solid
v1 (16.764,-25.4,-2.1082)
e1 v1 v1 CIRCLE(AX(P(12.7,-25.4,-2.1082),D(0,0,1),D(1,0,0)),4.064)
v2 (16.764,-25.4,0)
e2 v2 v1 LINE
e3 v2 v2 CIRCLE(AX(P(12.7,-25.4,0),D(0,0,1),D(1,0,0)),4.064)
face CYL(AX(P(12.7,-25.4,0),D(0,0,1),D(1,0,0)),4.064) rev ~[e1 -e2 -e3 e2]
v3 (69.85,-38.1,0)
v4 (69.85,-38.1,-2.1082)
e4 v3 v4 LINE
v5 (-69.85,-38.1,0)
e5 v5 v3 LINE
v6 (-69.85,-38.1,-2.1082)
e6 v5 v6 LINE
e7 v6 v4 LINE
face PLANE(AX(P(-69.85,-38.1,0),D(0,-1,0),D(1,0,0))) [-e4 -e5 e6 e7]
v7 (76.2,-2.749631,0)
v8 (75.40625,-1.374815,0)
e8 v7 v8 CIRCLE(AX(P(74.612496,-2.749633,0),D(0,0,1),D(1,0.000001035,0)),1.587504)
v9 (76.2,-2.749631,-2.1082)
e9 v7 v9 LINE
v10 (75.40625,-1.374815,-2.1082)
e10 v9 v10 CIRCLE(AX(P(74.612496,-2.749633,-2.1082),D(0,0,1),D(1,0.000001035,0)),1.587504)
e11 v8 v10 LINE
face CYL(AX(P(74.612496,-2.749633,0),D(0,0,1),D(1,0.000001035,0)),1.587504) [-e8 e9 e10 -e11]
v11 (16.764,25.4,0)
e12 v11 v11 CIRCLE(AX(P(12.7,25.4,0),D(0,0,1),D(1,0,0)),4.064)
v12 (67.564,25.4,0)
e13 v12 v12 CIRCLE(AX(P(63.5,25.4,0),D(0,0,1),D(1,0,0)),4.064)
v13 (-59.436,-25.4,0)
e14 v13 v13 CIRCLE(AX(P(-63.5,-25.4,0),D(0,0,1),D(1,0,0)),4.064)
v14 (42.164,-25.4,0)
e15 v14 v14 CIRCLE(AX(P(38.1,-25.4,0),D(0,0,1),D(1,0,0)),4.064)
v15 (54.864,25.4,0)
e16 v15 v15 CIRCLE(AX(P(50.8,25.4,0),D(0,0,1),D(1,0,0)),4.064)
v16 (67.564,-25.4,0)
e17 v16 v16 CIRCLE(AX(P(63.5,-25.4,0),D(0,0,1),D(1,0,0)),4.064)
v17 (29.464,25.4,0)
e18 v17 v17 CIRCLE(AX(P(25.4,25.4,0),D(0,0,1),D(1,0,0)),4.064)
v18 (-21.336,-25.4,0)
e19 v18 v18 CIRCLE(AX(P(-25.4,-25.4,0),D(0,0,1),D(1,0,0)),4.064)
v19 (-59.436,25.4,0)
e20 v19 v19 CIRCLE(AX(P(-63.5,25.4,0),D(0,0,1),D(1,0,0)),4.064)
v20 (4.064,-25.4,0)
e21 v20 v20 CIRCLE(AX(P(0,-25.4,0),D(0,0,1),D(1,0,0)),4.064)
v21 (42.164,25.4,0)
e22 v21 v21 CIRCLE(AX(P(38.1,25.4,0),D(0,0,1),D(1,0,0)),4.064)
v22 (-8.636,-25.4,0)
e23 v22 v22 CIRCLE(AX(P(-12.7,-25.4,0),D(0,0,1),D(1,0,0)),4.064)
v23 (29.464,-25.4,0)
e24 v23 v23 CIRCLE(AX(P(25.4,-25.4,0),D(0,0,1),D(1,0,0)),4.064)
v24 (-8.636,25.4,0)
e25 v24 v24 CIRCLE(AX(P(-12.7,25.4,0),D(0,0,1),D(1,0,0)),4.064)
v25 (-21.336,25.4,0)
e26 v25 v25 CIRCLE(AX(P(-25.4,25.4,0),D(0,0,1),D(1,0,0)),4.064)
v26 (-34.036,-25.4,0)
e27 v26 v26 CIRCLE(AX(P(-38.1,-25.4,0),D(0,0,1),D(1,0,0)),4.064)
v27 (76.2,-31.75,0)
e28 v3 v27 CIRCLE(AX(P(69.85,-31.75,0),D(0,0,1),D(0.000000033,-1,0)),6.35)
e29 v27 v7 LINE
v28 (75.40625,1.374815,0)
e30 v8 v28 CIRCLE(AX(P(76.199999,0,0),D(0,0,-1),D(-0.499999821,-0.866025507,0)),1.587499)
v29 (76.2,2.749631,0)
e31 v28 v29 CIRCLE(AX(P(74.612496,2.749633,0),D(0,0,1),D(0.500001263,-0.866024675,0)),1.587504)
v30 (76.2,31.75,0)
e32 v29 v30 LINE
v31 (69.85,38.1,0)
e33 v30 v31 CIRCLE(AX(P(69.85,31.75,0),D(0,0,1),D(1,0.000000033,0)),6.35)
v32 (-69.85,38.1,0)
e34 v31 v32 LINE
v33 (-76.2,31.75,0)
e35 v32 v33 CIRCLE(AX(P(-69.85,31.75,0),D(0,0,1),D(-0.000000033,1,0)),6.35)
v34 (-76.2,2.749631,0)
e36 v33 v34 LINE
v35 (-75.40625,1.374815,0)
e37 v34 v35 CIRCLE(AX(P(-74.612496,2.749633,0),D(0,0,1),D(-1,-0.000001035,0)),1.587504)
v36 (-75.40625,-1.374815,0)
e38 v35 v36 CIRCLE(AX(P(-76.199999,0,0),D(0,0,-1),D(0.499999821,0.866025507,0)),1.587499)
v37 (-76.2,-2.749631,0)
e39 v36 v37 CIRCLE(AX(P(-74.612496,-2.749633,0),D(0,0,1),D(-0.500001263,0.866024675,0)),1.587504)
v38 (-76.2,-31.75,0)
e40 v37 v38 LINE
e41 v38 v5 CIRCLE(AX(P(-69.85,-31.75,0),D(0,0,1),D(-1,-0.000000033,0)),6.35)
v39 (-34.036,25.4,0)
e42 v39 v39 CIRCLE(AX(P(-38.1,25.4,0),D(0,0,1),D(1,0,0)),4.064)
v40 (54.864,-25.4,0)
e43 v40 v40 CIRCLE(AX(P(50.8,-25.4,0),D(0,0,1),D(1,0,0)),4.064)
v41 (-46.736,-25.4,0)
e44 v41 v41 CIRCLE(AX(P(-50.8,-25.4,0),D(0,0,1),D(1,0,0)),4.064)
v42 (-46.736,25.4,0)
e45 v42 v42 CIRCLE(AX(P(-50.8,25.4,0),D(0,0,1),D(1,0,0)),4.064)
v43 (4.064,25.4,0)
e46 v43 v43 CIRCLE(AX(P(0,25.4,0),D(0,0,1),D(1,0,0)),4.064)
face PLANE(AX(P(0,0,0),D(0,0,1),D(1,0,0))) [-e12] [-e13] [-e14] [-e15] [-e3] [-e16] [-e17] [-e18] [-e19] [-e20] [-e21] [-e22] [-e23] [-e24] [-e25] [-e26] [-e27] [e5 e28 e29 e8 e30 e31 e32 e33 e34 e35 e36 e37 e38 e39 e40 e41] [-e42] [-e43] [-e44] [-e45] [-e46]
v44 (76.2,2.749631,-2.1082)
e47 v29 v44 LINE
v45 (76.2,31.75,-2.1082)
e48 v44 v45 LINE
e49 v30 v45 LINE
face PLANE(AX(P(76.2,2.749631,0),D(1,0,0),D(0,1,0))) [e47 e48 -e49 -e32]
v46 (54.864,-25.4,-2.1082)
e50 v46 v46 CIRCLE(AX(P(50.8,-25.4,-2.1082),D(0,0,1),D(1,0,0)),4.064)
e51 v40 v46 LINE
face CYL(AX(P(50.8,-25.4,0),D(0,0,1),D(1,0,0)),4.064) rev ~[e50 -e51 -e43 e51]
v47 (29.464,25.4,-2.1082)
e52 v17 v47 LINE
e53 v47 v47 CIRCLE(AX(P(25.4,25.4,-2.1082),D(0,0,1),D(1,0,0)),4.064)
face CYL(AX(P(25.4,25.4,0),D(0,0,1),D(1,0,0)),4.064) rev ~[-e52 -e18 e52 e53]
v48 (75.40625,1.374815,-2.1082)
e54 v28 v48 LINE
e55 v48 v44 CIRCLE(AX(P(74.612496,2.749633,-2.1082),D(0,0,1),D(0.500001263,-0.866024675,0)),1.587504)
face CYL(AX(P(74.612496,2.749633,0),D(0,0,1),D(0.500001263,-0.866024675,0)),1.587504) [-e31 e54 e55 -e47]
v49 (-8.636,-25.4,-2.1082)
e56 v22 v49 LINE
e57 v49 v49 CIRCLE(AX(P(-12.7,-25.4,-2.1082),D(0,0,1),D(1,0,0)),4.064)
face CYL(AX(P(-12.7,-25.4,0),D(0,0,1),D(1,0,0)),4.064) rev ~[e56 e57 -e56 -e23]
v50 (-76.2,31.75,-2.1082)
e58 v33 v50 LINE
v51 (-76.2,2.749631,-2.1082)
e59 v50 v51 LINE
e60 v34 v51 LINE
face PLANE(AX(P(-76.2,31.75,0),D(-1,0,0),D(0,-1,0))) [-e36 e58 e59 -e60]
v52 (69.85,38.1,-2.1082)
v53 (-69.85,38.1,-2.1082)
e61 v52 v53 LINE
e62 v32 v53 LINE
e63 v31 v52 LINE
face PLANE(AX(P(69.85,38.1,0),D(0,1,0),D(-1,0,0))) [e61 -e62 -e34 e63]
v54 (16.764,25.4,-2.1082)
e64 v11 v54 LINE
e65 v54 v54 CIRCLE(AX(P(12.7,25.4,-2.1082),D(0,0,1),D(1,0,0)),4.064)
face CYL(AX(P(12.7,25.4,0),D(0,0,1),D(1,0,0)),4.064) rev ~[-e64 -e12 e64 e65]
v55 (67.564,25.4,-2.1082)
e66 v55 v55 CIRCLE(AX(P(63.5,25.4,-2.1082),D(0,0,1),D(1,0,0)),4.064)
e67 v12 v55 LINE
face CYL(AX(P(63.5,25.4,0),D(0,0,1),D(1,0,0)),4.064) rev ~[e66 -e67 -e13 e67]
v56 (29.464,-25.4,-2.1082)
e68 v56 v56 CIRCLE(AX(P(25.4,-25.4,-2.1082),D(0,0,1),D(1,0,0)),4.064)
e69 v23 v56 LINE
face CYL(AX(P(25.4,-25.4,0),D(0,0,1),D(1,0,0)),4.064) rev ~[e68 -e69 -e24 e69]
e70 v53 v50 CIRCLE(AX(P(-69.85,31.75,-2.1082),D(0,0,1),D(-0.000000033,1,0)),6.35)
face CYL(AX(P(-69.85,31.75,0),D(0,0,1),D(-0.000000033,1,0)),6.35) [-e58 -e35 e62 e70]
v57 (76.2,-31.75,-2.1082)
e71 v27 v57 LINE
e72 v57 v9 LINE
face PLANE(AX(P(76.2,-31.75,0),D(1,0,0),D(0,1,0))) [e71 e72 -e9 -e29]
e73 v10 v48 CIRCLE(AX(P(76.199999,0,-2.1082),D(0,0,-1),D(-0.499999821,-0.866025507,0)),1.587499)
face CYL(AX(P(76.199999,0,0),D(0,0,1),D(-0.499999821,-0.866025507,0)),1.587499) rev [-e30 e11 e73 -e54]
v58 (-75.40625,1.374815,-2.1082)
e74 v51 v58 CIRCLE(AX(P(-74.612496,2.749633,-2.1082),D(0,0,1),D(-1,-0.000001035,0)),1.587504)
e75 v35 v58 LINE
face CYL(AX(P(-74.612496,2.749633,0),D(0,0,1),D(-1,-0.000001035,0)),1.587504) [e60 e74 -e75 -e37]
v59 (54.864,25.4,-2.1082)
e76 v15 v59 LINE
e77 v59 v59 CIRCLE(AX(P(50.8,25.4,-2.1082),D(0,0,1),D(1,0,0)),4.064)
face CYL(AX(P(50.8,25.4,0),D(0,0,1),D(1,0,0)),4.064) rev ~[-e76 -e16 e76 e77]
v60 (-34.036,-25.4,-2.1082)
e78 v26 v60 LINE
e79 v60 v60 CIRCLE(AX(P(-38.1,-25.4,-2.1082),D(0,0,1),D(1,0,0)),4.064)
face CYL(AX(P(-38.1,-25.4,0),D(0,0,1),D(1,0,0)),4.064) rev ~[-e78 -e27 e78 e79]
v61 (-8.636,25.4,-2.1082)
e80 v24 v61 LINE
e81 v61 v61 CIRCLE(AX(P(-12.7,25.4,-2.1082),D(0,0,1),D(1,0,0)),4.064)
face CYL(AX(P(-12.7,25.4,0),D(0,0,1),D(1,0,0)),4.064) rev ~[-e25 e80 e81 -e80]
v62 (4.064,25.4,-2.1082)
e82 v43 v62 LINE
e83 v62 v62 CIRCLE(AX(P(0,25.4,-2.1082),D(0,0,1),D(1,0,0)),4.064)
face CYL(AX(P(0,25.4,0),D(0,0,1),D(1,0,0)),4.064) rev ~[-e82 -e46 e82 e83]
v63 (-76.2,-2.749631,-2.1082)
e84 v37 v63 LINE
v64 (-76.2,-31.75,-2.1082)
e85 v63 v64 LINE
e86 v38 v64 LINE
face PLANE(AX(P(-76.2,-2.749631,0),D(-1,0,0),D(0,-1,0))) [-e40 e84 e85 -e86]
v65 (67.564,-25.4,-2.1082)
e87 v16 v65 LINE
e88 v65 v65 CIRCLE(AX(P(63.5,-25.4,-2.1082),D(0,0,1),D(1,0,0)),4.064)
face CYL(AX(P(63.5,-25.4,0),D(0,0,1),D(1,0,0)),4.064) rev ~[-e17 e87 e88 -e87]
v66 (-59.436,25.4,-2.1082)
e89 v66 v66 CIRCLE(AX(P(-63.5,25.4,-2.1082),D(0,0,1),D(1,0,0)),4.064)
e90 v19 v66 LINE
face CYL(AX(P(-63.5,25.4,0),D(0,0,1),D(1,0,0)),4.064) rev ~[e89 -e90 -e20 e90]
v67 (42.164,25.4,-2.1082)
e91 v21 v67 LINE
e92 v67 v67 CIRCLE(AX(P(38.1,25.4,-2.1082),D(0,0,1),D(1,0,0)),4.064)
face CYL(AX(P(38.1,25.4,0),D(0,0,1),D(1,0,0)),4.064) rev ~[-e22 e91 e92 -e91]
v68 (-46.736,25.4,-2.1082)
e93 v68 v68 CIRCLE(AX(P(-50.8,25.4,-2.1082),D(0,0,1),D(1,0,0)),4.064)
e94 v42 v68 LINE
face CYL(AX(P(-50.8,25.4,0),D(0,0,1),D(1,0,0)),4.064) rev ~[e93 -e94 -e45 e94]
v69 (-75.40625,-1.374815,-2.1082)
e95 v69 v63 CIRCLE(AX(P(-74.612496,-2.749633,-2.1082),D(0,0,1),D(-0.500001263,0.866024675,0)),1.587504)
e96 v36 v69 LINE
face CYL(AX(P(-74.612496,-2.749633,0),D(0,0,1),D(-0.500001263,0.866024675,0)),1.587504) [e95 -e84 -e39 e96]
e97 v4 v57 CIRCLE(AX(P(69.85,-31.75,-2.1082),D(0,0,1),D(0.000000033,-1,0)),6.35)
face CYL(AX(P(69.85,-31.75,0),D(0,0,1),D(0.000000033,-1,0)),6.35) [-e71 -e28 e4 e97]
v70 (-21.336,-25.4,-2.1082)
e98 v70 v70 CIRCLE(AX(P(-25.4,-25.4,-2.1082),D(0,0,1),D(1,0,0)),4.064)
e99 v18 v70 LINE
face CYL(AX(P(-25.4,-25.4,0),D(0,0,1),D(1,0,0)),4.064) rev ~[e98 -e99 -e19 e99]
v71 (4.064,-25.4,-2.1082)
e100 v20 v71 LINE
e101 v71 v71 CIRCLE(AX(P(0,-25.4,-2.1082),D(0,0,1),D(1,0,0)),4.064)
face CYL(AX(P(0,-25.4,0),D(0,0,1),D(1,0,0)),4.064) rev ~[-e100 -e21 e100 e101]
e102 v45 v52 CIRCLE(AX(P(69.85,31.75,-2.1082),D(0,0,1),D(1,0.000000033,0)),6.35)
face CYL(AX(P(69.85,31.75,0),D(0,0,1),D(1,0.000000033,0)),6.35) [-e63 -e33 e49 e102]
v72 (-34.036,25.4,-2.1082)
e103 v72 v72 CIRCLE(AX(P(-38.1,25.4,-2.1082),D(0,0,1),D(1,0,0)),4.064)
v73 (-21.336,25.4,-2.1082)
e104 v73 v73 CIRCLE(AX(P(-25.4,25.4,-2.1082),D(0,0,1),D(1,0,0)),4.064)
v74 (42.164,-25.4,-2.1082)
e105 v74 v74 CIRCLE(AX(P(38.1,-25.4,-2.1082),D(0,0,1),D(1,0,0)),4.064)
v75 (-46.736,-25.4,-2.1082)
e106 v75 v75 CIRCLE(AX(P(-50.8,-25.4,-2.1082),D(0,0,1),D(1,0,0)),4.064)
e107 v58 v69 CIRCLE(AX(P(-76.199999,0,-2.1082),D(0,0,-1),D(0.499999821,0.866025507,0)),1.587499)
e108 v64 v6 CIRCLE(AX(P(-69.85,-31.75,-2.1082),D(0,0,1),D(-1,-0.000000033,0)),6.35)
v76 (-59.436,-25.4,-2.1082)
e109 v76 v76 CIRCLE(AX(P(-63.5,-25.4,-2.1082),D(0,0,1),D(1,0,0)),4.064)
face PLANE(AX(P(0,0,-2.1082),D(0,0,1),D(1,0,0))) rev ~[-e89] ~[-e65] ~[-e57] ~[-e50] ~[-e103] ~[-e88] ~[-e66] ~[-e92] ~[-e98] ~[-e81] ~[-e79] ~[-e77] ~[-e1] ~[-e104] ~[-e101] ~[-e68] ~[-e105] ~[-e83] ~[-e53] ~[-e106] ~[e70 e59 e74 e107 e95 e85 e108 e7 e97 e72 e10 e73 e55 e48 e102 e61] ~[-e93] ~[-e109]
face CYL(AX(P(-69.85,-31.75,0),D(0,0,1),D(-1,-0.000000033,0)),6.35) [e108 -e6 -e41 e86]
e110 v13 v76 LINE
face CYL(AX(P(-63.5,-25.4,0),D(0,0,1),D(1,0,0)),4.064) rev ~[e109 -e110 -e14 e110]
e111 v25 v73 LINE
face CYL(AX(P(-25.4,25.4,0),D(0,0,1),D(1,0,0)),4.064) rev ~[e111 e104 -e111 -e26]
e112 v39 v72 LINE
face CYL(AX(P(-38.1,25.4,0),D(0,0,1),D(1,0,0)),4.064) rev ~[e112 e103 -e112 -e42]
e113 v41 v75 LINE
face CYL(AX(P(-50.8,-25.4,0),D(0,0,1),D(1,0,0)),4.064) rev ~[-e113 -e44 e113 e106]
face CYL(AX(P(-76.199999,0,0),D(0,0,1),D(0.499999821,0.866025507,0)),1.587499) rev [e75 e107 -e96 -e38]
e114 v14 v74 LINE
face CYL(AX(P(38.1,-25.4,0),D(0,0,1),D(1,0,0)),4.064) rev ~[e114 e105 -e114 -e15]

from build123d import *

# Parameters (mm, degrees)
F0_R     = 4.064
F1_DEPTH = 2.1082


with BuildPart() as f1:
    # F0 (on Top) → F1 (new body)
    with BuildSketch(Plane.XY):
        with BuildLine():
            Line((69.85, 38.1), (-69.85, 38.1))
            ThreePointArc((-69.85, 38.1), (-74.340128, 36.240128), (-76.2, 31.75))
            Line((-76.2, 31.75), (-76.2, 2.749631))
            ThreePointArc((-76.2, 2.749631), (-75.987315, 1.955881), (-75.40625, 1.374815))
            ThreePointArc((-75.40625, 1.374815), (-74.6125, 0), (-75.40625, -1.374815))
            ThreePointArc((-75.40625, -1.374815), (-75.987315, -1.955881), (-76.2, -2.749631))
            Line((-76.2, -2.749631), (-76.2, -31.75))
            ThreePointArc((-76.2, -31.75), (-74.340128, -36.240128), (-69.85, -38.1))
            Line((-69.85, -38.1), (69.85, -38.1))
            ThreePointArc((69.85, -38.1), (74.340128, -36.240128), (76.2, -31.75))
            Line((76.2, -31.75), (76.2, -2.749631))
            ThreePointArc((76.2, -2.749631), (75.987315, -1.955881), (75.40625, -1.374815))
            ThreePointArc((75.40625, -1.374815), (74.6125, 0), (75.40625, 1.374815))
            ThreePointArc((75.40625, 1.374815), (75.987315, 1.955881), (76.2, 2.749631))
            Line((76.2, 2.749631), (76.2, 31.75))
            ThreePointArc((76.2, 31.75), (74.340128, 36.240128), (69.85, 38.1))
        make_face()
        with Locations((-63.5, -25.4)):
            Circle(F0_R, mode=Mode.SUBTRACT)
        with Locations((-50.8, -25.4)):
            Circle(F0_R, mode=Mode.SUBTRACT)
        with Locations((-38.1, -25.4)):
            Circle(F0_R, mode=Mode.SUBTRACT)
        with Locations((-25.4, -25.4)):
            Circle(F0_R, mode=Mode.SUBTRACT)
        with Locations((-12.7, -25.4)):
            Circle(F0_R, mode=Mode.SUBTRACT)
        with Locations((0, -25.4)):
            Circle(F0_R, mode=Mode.SUBTRACT)
        with Locations((12.7, -25.4)):
            Circle(F0_R, mode=Mode.SUBTRACT)
        with Locations((25.4, -25.4)):
            Circle(F0_R, mode=Mode.SUBTRACT)
        with Locations((38.1, -25.4)):
            Circle(F0_R, mode=Mode.SUBTRACT)
        with Locations((50.8, -25.4)):
            Circle(F0_R, mode=Mode.SUBTRACT)
        with Locations((63.5, -25.4)):
            Circle(F0_R, mode=Mode.SUBTRACT)
        with Locations((-63.5, 25.4)):
            Circle(F0_R, mode=Mode.SUBTRACT)
        with Locations((-50.8, 25.4)):
            Circle(F0_R, mode=Mode.SUBTRACT)
        with Locations((-38.1, 25.4)):
            Circle(F0_R, mode=Mode.SUBTRACT)
        with Locations((-25.4, 25.4)):
            Circle(F0_R, mode=Mode.SUBTRACT)
        with Locations((-12.7, 25.4)):
            Circle(F0_R, mode=Mode.SUBTRACT)
        with Locations((0, 25.4)):
            Circle(F0_R, mode=Mode.SUBTRACT)
        with Locations((12.7, 25.4)):
            Circle(F0_R, mode=Mode.SUBTRACT)
        with Locations((25.4, 25.4)):
            Circle(F0_R, mode=Mode.SUBTRACT)
        with Locations((38.1, 25.4)):
            Circle(F0_R, mode=Mode.SUBTRACT)
        with Locations((50.8, 25.4)):
            Circle(F0_R, mode=Mode.SUBTRACT)
        with Locations((63.5, 25.4)):
            Circle(F0_R, mode=Mode.SUBTRACT)
    extrude(amount=-F1_DEPTH)


solid = f1.part
